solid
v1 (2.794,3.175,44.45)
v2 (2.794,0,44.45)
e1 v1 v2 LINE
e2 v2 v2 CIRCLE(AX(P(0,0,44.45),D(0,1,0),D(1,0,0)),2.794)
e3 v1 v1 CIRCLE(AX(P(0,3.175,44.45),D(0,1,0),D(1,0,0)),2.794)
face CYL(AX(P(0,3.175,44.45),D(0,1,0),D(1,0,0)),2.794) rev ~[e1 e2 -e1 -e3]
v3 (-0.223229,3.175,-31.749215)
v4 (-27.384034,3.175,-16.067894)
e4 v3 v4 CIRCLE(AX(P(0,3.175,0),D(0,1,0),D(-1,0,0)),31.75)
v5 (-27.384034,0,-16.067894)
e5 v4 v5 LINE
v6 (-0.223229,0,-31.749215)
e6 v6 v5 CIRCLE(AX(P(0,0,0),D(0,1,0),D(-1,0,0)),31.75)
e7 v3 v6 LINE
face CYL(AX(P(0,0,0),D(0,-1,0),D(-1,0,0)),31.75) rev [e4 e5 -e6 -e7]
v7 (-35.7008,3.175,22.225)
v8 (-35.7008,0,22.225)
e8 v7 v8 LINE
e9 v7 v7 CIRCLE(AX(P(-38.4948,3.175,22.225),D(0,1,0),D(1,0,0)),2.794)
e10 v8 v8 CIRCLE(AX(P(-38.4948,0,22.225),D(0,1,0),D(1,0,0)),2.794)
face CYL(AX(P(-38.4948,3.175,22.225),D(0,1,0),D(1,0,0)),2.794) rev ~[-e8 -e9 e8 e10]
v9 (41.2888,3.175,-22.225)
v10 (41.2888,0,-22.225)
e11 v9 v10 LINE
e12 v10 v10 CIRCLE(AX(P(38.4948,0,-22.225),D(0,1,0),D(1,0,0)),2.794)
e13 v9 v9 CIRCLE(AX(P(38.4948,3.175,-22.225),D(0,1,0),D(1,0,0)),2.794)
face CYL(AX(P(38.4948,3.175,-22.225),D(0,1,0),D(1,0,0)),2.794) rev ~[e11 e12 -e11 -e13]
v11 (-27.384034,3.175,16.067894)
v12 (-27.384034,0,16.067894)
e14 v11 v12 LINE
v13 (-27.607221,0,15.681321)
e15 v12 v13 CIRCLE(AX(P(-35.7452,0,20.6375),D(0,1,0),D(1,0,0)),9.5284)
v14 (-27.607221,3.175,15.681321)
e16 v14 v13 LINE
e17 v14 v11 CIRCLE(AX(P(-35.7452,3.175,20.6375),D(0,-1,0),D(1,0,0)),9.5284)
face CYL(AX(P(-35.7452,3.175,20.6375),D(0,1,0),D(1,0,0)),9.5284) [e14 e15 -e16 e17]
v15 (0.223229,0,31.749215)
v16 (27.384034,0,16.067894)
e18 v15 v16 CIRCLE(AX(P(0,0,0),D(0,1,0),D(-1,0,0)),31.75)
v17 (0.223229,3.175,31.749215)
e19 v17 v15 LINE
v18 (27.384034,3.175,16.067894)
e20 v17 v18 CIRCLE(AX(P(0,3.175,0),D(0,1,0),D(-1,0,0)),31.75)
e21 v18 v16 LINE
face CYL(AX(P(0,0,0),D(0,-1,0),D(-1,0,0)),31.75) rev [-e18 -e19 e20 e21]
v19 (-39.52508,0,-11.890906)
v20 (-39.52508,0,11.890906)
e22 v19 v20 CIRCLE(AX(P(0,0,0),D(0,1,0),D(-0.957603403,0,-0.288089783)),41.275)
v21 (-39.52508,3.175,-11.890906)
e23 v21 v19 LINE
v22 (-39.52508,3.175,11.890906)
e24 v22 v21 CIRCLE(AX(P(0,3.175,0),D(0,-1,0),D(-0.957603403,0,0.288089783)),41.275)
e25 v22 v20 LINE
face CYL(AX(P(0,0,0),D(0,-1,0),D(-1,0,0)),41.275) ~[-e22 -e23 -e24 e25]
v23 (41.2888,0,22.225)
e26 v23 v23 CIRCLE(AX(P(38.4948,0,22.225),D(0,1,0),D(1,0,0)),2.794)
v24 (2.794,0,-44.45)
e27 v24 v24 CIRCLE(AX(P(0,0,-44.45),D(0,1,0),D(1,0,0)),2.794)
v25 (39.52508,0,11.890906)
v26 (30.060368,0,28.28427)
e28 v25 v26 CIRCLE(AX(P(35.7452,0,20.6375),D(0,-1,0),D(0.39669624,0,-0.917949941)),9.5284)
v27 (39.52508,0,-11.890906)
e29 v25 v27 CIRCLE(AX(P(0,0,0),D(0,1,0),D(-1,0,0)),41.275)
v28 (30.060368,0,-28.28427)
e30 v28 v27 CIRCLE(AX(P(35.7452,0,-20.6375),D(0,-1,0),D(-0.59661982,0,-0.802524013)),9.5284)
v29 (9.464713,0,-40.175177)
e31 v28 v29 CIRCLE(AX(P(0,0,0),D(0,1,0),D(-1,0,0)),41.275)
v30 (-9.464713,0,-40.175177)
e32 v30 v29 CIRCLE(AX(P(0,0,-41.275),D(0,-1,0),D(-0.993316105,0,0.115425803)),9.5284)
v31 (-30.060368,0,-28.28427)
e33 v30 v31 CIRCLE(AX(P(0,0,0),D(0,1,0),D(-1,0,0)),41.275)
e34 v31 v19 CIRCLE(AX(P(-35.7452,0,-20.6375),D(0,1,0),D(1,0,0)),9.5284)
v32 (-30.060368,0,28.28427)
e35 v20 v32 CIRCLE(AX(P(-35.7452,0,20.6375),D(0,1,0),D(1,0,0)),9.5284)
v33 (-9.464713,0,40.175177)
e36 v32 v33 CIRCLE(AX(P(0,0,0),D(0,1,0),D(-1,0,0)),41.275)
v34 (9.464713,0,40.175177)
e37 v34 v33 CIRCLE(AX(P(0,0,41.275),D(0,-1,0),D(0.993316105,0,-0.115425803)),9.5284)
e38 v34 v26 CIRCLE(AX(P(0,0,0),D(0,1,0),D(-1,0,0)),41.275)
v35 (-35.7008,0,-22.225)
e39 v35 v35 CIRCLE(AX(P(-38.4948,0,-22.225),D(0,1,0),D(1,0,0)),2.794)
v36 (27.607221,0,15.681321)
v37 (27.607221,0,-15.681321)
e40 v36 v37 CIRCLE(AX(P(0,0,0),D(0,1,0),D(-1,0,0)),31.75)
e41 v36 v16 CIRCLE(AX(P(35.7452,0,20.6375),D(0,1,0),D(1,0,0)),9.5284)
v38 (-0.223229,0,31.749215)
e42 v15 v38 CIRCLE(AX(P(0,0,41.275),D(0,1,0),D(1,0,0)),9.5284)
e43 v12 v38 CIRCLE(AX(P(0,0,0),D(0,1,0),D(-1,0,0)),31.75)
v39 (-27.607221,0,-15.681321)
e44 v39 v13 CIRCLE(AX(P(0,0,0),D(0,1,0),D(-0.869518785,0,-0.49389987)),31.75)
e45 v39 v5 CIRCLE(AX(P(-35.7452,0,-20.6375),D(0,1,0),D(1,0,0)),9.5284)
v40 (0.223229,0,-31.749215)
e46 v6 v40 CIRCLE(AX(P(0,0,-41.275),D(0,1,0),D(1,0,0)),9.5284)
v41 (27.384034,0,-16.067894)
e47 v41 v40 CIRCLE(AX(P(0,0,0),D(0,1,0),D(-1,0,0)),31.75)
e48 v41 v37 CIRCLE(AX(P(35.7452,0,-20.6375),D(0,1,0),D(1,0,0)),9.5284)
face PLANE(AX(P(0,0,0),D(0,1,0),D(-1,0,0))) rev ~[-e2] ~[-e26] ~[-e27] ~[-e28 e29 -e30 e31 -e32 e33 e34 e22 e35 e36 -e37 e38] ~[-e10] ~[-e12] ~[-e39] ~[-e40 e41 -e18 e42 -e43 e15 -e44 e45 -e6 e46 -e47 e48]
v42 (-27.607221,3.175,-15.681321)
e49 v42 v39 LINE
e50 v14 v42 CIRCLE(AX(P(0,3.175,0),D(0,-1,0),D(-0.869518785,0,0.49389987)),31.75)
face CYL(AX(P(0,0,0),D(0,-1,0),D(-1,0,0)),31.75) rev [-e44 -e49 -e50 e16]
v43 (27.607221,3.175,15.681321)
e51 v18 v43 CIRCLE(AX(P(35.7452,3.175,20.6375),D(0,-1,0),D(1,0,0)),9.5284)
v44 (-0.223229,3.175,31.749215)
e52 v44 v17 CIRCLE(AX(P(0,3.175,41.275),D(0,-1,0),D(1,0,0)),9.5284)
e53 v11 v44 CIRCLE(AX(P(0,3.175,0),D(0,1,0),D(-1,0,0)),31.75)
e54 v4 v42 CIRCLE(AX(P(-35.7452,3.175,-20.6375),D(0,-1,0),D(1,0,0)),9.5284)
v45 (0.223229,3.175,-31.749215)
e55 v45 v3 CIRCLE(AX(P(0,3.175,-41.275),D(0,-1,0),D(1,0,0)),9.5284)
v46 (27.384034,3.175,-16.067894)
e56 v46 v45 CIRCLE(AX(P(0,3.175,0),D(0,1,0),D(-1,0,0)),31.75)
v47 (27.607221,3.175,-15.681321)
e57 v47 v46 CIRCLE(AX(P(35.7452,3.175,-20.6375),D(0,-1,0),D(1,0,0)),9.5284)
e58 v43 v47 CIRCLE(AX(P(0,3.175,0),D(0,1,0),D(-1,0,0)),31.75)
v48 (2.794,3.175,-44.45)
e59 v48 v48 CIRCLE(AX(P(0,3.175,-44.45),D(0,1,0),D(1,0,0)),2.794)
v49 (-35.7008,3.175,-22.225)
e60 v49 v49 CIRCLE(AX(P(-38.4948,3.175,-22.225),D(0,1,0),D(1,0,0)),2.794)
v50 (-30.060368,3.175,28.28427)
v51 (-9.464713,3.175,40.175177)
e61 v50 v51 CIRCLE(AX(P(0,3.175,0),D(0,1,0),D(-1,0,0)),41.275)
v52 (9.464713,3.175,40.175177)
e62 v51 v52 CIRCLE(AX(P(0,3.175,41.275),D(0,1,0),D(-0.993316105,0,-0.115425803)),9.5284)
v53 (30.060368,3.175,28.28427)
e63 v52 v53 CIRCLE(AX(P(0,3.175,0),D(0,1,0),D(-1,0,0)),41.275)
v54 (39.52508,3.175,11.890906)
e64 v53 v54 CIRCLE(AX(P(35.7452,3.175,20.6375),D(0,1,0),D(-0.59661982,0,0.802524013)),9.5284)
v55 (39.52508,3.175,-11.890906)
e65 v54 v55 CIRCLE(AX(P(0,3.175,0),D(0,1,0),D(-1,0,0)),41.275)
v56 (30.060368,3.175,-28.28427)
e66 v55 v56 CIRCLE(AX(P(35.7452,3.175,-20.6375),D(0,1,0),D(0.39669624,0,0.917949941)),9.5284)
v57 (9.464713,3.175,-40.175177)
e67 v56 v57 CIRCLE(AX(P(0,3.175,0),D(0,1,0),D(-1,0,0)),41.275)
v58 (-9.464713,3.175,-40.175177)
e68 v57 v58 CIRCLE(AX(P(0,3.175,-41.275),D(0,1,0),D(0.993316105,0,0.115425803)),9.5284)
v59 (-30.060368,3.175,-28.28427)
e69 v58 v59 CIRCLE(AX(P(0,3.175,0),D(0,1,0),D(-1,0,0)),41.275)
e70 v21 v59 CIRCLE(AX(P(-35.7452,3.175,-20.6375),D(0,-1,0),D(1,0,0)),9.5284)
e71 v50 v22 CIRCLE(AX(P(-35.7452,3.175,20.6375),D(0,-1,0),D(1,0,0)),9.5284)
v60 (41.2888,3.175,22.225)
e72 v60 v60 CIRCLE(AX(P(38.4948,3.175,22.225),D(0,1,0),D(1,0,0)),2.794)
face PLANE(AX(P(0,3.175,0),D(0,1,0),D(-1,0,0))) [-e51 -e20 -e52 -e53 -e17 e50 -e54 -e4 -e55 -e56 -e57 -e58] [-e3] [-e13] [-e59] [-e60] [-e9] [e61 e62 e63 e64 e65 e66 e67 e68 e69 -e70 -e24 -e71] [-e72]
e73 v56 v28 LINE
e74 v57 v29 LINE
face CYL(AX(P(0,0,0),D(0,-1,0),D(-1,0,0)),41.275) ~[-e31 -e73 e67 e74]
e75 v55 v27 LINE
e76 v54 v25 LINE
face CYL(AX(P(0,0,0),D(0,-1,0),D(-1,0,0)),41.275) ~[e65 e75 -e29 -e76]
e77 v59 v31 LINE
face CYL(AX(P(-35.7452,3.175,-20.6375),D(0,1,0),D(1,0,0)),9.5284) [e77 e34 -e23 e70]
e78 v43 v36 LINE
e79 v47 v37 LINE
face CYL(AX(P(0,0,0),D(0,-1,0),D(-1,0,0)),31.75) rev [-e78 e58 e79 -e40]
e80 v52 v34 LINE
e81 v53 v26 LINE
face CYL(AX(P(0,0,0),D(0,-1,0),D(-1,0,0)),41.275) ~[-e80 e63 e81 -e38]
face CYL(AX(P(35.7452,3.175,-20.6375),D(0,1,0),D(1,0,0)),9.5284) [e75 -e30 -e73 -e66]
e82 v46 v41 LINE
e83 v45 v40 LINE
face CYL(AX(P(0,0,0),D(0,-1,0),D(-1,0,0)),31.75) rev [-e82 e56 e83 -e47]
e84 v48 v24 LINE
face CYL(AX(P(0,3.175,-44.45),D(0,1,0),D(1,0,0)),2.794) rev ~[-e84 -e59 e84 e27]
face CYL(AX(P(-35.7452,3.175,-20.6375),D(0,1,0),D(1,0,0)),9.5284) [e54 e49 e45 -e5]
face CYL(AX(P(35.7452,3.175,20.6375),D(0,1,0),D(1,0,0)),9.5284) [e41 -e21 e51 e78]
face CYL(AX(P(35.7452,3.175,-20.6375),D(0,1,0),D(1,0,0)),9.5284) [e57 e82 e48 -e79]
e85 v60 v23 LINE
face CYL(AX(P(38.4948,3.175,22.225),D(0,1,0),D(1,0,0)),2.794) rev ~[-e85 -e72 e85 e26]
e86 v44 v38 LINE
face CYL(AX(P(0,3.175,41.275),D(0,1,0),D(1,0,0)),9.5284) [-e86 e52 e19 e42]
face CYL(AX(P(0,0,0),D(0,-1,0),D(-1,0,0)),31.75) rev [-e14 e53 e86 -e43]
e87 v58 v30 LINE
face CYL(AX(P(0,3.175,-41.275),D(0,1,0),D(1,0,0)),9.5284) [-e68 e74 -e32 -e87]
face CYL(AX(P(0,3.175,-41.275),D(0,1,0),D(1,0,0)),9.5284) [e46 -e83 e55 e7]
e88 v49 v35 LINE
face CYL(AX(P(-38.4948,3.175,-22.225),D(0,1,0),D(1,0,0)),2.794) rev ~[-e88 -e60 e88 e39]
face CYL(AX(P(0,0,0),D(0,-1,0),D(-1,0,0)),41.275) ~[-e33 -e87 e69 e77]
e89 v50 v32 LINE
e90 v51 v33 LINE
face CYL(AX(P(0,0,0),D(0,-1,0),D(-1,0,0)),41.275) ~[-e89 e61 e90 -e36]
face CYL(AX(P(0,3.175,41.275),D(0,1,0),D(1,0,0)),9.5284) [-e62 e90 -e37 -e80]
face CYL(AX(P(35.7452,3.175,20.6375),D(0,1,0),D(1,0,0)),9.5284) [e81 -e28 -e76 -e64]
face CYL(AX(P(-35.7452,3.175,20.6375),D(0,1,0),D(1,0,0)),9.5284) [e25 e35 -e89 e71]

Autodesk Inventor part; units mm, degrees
ref_plane "YZ Plane" through (0, 0, 0) normal (1, 0, 0) x (0, 1, 0)
ref_plane "XZ Plane" through (0, 0, 0) normal (0, 1, 0) x (-1, 0, 0)
ref_plane "XY Plane" through (0, 0, 0) normal (0, 0, 1) x (1, 0, 0)
sketch "Sketch11" plane through (0, 0, 0) normal (0, 1, 0) x (-1, 0, 0)
  circle A0 centre (0, 0) radius 31.75
  circle A1 centre (0, 0) radius 41.275
  dimension "d79" = 63.5
  dimension "d80" = 82.55
extrude "Extrusion10" add sketch "Sketch11" along normal blind 3.175
sketch "Sketch12" plane through (0, 3.175, 0) normal (0, 1, 0) x (1, 0, 0)
  circle A0 centre (0, 0) radius 41.275 projected
  circle A1 centre (0, -41.275) radius 9.5284
  circle A2 centre (35.7452, -20.6375) radius 9.5284
  circle A3 centre (35.7452, 20.6375) radius 9.5284
  circle A4 centre (0, 41.275) radius 9.5284
  circle A5 centre (-35.7452, 20.6375) radius 9.5284
  circle A6 centre (-35.7452, -20.6375) radius 9.5284
  dimension "d85" = 360
extrude "Extrusion11" add sketch "Sketch12" against normal blind 3.175 contours A3 A0 | A0 A3 | A2 A0 | A0 A2 | A4 A0 | A0 A4 | A1 A0 | A0 A1 | A5 A0 | A0 A5 | A6 A0 | A0 A6
sketch "Sketch13" plane through (0, 3.175, 0) normal (0, 1, 0) x (1, 0, 0)
  circle A0 centre (0, -44.45) radius 2.794
  circle A1 centre (38.4948, -22.225) radius 2.794
  circle A2 centre (38.4948, 22.225) radius 2.794
  circle A3 centre (0, 44.45) radius 2.794
  circle A4 centre (-38.4948, 22.225) radius 2.794
  circle A5 centre (-38.4948, -22.225) radius 2.794
  point P0 (0, 0)
  dimension "d89" = 5.588
  dimension "d92" = 360
extrude "Extrusion12" cut sketch "Sketch13" against normal blind 3.175
properties part number "rubber ring"
